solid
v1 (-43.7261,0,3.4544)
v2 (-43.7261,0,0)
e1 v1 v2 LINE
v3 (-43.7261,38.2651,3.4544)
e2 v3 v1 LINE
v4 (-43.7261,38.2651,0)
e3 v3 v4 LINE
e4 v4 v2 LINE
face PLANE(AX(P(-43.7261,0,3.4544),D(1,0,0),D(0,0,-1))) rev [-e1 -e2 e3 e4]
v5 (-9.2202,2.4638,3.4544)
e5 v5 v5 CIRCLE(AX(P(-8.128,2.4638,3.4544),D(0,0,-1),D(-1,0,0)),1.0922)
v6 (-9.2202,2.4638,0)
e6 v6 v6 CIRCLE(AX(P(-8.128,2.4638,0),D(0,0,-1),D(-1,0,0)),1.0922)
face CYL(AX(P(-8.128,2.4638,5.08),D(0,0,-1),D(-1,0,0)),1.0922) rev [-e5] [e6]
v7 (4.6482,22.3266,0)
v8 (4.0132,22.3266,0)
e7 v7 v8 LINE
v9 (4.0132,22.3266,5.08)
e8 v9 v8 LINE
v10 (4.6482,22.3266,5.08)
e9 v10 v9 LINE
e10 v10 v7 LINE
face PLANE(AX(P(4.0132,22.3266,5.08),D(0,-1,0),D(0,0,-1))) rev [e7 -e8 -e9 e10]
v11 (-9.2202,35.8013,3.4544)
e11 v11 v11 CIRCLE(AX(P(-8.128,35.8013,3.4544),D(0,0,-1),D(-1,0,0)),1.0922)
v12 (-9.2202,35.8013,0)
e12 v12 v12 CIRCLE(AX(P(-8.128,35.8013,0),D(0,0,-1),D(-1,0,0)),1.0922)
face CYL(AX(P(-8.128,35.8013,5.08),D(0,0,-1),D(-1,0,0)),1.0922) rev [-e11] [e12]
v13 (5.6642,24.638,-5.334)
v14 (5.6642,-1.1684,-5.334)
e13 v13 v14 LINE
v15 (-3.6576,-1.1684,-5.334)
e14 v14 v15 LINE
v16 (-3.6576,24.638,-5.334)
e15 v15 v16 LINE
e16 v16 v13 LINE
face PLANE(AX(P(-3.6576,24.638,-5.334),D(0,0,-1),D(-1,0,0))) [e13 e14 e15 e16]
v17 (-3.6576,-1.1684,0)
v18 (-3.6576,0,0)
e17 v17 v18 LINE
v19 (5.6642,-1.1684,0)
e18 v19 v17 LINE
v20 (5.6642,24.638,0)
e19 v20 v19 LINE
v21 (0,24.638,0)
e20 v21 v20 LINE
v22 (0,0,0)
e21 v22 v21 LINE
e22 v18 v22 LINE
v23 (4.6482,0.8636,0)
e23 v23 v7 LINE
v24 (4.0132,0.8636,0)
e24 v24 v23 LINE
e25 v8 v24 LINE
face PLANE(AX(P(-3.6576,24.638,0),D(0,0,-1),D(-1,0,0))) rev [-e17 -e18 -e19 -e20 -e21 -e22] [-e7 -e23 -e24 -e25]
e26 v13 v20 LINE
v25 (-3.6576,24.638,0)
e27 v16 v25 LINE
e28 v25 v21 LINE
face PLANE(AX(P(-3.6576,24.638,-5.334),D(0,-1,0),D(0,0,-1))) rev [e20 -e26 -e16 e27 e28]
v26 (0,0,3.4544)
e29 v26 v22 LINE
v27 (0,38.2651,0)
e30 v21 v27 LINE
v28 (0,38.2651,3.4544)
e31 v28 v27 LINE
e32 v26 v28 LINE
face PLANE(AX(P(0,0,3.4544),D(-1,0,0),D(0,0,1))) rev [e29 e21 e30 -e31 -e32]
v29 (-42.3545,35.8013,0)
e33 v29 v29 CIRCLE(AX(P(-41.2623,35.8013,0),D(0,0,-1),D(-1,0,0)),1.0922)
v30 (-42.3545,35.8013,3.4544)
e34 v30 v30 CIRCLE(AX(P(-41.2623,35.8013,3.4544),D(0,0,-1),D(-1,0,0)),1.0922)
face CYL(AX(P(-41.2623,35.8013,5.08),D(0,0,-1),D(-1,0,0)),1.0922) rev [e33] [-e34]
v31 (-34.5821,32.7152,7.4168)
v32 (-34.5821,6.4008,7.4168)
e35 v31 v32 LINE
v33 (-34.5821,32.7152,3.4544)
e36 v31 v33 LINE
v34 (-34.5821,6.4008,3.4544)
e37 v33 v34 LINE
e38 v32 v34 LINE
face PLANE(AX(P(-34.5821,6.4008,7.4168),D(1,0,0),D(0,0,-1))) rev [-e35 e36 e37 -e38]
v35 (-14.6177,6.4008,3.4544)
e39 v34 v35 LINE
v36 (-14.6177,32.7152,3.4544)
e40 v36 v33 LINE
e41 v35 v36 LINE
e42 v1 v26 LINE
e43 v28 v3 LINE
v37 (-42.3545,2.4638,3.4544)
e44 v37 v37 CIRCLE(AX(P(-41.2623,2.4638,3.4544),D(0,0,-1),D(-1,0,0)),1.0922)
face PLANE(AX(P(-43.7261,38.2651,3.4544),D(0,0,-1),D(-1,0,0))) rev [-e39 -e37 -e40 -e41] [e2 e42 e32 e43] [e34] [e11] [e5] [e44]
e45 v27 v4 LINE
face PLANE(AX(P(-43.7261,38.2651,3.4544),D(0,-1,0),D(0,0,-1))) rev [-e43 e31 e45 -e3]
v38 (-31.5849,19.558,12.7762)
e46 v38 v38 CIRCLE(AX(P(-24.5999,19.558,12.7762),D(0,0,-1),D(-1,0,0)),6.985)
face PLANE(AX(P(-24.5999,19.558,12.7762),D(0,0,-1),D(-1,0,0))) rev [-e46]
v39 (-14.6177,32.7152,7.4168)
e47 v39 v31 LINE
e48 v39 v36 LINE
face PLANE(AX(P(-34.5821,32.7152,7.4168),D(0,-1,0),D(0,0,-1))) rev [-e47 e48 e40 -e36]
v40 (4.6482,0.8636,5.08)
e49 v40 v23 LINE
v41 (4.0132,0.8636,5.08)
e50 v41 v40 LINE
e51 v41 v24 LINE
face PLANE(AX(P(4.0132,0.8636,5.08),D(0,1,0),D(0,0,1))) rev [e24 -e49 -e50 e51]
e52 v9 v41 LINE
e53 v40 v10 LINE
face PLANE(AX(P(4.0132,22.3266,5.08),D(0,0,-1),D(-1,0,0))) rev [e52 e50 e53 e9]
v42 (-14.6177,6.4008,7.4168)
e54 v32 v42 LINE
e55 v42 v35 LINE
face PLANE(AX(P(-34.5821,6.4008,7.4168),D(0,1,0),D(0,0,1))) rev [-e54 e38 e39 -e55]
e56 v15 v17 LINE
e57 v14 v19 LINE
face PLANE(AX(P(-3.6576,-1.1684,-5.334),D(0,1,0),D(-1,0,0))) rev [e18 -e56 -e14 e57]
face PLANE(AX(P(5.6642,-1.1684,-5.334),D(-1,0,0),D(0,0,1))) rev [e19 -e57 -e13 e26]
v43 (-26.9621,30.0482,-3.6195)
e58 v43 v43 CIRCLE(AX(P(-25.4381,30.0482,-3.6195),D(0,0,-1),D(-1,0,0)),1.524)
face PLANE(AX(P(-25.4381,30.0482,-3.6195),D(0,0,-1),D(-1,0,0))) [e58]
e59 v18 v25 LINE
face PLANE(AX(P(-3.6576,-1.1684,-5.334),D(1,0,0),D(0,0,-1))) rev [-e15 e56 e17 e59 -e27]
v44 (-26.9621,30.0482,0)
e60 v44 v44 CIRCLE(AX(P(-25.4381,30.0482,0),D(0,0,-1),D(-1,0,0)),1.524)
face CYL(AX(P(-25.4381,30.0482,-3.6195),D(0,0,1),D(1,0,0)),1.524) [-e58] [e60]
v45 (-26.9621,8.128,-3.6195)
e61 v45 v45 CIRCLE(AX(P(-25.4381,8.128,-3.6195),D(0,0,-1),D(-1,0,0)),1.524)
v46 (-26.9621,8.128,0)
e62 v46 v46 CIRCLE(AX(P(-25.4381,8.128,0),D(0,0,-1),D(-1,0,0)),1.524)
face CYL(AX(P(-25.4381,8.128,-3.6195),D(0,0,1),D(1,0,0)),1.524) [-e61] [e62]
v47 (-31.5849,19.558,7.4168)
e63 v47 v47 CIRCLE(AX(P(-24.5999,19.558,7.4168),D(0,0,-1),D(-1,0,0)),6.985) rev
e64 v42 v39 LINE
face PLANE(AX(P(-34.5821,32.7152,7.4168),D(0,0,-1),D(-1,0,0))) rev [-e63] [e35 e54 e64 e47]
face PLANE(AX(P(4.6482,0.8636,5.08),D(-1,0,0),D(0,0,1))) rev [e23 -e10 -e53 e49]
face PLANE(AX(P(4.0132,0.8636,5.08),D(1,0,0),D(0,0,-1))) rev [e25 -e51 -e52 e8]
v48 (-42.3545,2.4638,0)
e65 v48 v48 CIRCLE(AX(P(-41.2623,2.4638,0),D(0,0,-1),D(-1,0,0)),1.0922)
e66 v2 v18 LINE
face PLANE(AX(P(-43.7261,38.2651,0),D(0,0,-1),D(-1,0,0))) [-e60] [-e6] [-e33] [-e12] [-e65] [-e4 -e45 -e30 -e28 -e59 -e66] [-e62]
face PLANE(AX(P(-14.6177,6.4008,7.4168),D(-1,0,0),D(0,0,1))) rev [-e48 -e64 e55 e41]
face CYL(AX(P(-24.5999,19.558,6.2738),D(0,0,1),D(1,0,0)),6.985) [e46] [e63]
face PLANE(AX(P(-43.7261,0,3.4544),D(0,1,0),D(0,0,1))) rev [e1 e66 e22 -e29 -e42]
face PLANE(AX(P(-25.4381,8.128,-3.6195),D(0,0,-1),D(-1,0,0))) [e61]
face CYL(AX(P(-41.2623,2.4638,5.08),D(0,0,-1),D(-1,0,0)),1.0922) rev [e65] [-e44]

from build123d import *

# Parameters (mm, degrees)
SKETCH1_W           = 43.7261
SKETCH1_H           = 38.2651
BOSS_EXTRUDE1_DEPTH = 3.4544
SKETCH2_W           = 9.3218
SKETCH2_H           = 25.8064
BOSS_EXTRUDE2_DEPTH = 5.334
SKETCH3_W           = 0.635
SKETCH3_H           = 21.463
BOSS_EXTRUDE3_DEPTH = 5.08
SKETCH4_R           = 1.0922
CUT_EXTRUDE1_DEPTH  = 5.08
SKETCH5_W           = 19.9644
SKETCH5_H           = 26.3144
BOSS_EXTRUDE4_DEPTH = 3.9624
SKETCH6_R           = 6.985
BOSS_EXTRUDE5_DEPTH = 6.5024
SKETCH7_R           = 1.524
BOSS_EXTRUDE6_DEPTH = 3.6195


with BuildPart() as part:
    # Sketch1 → Boss-Extrude1 (new body)
    with BuildSketch(Plane.XY):
        with Locations((-21.86305, 19.13255)):
            Rectangle(SKETCH1_W, SKETCH1_H)
    extrude(amount=BOSS_EXTRUDE1_DEPTH)

    # Sketch2 → Boss-Extrude2 (add)
    with BuildSketch(Plane(origin=(0, 0, 0), x_dir=(-1, 0, 0), z_dir=(0, 0, -1))):
        with Locations((-1.0033, 11.7348)):
            Rectangle(SKETCH2_W, SKETCH2_H)
    extrude(amount=BOSS_EXTRUDE2_DEPTH)

    # Sketch3 → Boss-Extrude3 (add)
    with BuildSketch(Plane.XY):
        with Locations((4.3307, 11.5951)):
            Rectangle(SKETCH3_W, SKETCH3_H)
    extrude(amount=BOSS_EXTRUDE3_DEPTH)

    # Sketch4 → Cut-Extrude1 (cut)
    with BuildSketch(Plane(origin=(0, 0, 0), x_dir=(-1, 0, 0), z_dir=(0, 0, -1))):
        with Locations((41.2623, 35.8013)):
            Circle(SKETCH4_R)
        with Locations((41.2623, 2.4638)):
            Circle(SKETCH4_R)
        with Locations((8.128, 2.4638)):
            Circle(SKETCH4_R)
        with Locations((8.128, 35.8013)):
            Circle(SKETCH4_R)
    extrude(amount=-CUT_EXTRUDE1_DEPTH, mode=Mode.SUBTRACT)

    # Sketch5 → Boss-Extrude4 (add)
    with BuildSketch(Plane.XY.offset(3.4544)):
        with Locations((-24.5999, 19.558)):
            Rectangle(SKETCH5_W, SKETCH5_H)
    extrude(amount=BOSS_EXTRUDE4_DEPTH)

    # Sketch6 → Boss-Extrude5 (add)
    with BuildSketch(Plane(origin=(0, 0, 12.7762), x_dir=(-1, 0, 0), z_dir=(0, 0, -1))):
        with Locations((24.5999, 19.558)):
            Circle(SKETCH6_R)
    extrude(amount=BOSS_EXTRUDE5_DEPTH)

    # Sketch7 → Boss-Extrude6 (add)
    with BuildSketch(Plane(origin=(0, 0, 0), x_dir=(-1, 0, 0), z_dir=(0, 0, -1))):
        with Locations((25.4381, 30.0482)):
            Circle(SKETCH7_R)
        with Locations((25.4381, 8.128)):
            Circle(SKETCH7_R)
    extrude(amount=BOSS_EXTRUDE6_DEPTH)


solid = part.part
